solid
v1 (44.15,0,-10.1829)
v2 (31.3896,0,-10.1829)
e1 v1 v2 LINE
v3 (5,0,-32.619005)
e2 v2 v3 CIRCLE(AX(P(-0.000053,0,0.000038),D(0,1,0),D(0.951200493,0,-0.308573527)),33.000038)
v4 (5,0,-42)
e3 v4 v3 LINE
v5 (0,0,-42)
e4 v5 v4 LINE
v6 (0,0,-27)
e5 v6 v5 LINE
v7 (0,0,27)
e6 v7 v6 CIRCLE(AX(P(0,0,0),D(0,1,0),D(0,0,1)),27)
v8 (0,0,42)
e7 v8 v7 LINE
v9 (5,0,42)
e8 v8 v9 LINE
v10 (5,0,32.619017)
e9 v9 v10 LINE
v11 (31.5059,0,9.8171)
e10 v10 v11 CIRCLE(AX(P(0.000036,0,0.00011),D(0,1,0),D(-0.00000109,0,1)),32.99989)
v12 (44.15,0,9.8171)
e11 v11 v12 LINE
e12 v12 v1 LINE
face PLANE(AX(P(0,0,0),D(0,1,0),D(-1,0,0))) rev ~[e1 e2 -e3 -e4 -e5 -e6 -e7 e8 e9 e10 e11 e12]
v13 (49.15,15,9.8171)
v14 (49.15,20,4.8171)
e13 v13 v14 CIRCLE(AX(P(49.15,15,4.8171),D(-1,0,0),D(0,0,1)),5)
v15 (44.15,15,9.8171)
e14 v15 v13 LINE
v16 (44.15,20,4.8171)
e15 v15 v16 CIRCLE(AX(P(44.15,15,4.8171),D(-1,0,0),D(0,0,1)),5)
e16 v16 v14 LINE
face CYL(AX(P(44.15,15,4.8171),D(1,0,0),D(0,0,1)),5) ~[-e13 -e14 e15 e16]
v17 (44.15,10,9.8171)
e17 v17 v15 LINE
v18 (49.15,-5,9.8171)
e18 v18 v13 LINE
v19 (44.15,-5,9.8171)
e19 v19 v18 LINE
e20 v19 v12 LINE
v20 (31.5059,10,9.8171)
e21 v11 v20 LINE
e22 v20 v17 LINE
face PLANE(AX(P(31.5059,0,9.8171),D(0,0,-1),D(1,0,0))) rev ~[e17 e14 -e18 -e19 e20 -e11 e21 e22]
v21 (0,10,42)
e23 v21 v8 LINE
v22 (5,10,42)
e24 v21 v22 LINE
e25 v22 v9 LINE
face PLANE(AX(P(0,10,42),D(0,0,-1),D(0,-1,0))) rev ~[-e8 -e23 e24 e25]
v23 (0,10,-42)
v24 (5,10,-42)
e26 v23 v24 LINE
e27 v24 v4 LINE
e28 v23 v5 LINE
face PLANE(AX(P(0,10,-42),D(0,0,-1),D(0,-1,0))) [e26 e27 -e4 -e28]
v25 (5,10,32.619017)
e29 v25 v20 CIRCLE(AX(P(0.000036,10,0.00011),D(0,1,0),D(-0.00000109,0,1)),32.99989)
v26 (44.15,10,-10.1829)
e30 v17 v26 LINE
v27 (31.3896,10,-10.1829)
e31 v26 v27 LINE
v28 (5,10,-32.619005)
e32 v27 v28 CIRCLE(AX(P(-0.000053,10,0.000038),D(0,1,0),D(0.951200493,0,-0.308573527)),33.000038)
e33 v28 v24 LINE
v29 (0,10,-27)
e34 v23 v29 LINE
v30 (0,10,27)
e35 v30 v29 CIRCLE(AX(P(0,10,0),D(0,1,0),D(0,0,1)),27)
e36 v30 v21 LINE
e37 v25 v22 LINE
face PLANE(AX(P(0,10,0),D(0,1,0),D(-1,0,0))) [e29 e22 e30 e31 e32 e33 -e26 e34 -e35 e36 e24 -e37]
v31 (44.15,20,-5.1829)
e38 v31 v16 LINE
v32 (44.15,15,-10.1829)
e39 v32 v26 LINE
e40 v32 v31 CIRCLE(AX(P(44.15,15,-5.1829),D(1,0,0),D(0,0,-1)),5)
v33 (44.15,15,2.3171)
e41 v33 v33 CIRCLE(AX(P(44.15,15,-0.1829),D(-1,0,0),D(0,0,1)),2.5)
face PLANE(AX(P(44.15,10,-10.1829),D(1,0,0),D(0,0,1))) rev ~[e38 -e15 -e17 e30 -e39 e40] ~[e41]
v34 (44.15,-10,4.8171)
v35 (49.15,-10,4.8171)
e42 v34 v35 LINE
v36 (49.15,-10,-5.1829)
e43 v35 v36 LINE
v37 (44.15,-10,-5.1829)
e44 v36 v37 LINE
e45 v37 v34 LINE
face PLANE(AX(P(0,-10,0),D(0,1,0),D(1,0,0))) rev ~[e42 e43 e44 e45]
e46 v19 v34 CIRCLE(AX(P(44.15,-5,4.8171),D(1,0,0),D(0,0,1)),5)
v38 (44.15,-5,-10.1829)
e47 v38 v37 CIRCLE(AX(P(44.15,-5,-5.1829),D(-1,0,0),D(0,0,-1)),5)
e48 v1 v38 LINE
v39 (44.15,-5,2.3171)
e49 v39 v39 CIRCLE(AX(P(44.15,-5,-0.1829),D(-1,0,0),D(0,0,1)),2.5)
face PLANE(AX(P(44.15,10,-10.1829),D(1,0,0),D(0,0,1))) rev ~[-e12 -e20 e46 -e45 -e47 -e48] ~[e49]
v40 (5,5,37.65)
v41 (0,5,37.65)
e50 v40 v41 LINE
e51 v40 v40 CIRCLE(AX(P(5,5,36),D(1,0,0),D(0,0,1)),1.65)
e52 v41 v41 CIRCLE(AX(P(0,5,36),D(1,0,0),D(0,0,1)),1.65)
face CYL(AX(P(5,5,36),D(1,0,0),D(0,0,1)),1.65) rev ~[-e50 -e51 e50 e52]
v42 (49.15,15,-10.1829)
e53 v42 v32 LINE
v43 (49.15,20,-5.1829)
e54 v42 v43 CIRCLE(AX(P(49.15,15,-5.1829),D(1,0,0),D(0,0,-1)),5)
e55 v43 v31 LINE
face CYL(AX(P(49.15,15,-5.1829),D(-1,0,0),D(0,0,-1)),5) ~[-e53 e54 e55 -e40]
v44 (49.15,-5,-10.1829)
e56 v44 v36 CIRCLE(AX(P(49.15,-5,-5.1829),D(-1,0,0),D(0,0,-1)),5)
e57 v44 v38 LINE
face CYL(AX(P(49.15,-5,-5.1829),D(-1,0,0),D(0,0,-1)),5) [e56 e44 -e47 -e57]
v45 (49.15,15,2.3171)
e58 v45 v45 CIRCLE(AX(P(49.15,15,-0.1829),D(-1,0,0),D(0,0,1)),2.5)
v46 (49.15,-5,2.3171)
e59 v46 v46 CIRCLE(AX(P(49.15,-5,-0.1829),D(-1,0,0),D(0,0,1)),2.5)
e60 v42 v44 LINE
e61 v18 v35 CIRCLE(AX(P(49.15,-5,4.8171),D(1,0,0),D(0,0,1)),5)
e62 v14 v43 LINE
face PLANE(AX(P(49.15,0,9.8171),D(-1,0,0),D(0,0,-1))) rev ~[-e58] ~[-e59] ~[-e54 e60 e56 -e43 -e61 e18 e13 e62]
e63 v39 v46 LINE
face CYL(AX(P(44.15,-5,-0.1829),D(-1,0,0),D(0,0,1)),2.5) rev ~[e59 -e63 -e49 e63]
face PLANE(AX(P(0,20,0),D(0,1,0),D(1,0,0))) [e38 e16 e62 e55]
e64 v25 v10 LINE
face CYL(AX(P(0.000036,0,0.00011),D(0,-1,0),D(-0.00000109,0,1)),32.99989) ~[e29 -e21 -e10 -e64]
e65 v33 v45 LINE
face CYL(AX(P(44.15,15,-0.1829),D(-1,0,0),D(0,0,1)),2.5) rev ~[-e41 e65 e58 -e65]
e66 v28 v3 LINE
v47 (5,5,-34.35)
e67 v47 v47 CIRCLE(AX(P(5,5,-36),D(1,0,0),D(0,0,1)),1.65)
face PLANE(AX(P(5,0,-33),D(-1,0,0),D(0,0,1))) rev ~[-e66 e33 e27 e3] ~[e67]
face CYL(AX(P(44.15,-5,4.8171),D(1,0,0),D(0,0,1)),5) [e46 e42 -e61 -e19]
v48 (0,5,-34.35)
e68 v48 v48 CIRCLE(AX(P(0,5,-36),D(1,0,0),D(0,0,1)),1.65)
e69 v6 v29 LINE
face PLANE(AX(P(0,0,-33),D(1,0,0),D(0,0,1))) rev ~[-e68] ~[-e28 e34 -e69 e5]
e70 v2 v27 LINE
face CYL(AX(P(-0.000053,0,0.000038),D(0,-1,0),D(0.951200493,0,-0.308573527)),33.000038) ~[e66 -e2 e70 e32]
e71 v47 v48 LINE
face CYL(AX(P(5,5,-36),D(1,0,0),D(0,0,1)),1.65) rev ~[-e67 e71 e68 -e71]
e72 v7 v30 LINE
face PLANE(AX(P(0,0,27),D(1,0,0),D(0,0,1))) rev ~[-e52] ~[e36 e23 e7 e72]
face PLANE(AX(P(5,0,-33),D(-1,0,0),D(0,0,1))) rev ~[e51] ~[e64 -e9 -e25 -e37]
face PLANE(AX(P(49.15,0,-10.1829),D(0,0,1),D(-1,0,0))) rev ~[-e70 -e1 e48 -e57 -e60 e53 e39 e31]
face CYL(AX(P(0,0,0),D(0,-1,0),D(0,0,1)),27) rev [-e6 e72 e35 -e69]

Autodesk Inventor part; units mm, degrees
ref_plane "YZ Plane" through (0, 0, 0) normal (1, 0, 0) x (0, 1, 0)
ref_plane "XZ Plane" through (0, 0, 0) normal (0, 1, 0) x (-1, 0, 0)
ref_plane "XY Plane" through (0, 0, 0) normal (0, 0, 1) x (1, 0, 0)
sketch "Sketch1" plane through (0, 0, 0) normal (0, 1, 0) x (-1, 0, 0)
  arc A0 (0, 27) -> (0, -27) centre (0, 0) ccw
  line L0 (-49.15, 9.8171) -> (-49.15, -10.1829)
  line L1 (-49.15, -10.1829) -> (-31.3896, -10.1829)
  line L2 (-31.5059, 9.8171) -> (-49.15, 9.8171)
  arc A1 (0, 33) -> (-31.5059, 9.8171) centre (0, 0) ccw
  arc A2 (-31.3896, -10.1829) -> (0, -33) centre (0, 0) ccw
  line L3 (0, -33) -> (0, -27)
  line L4 (0, 27) -> (0, 33)
  point P0 (-41.2646, -10.1829)
  point P1 (-41.2646, 9.8171)
  point P2 (27.2866, 9.8171)
  point P3 (26.6483, -10.1829)
  dimension "d0" = 54
  dimension "d33" = 49.15
  dimension "d36" = 20
  dimension "d41" = 33
  dimension "d42" = 33
extrude "Extrusion1" add sketch "Sketch1" along normal blind 10
sketch "Sketch4" plane through (0, 10, 0) normal (0, 1, 0) x (1, 0, 0)
  line L0 (44.15, -9.8171) -> (49.15, -9.8171)
  line L1 (49.15, -9.8171) -> (49.15, 10.1829)
  line L2 (49.15, 10.1829) -> (44.15, 10.1829)
  line L3 (44.15, 10.1829) -> (44.15, -9.8171)
  line L4 (49.15, -9.8171) -> (49.15, 10.1829) projected
  line L5 (49.15, 10.1829) -> (31.3896, 10.1829) projected
  line L6 (31.5059, -9.8171) -> (49.15, -9.8171) projected
  point P0 (0, 0)
  dimension "d16" = 5
extrude "Extrusion3" add sketch "Sketch4" along normal blind 10 and the other way blind 20
sketch "Sketch5" plane through (44.15, 10, -10.1829) normal (-1, 0, 0) x (0, 0, 1)
  circle A0 centre (10, -15) radius 2.5
  circle A1 centre (10, 5) radius 2.5
  line L0 (20, -20) -> (0, -20) projected
  line L1 (0, 10) -> (20, 10) projected
  line L2 (0, 0) -> (0, 10) projected
  line L3 (0, -20) -> (0, -10) projected
  point P0 (10.1829, -10)
  dimension "d21" = 5
  dimension "d22" = 5
  dimension "d23" = 5
  dimension "d24" = 5
  dimension "d25" = 10
  dimension "d26" = 10
extrude "Extrusion4" cut sketch "Sketch5" against normal blind 10
fillet "Fillet2" radius 5 4 edges at (46.65, -10, 9.8171) (46.65, -10, -10.1829) (46.65, 20, 9.8171) (46.65, 20, -10.1829)
sketch "Sketch7" plane through (0, 0, -33) normal (-1, 0, 0) x (0, 0, 1)
  line L0 (6, 0) -> (6, 10) projected
  line L1 (6, 10) -> (-9, 10)
  line L2 (-9, 10) -> (-9, 0)
  line L3 (-9, 0) -> (6, 0)
  line L4 (6, 0) -> (6, 10)
  line L5 (6, 10) -> (60, 10) projected
  line L6 (60, 10) -> (75, 10)
  line L7 (75, 10) -> (75, 0)
  line L8 (75, 0) -> (60, 0)
  line L9 (60, 0) -> (60, 10)
  point P0 (33, 0)
  dimension "d43" = 15
extrude "Extrusion6" add sketch "Sketch7" against normal blind 5
sketch "Sketch8" plane through (5, 0, -33) normal (1, 0, 0) x (0, 0, 1)
  circle A0 centre (-3, -5) radius 1.65
  circle A1 centre (69, -5) radius 1.65
  line L0 (-9, 0) -> (-9, -10) projected
  line L1 (75, -10) -> (75, 0) projected
  line L2 (65.619, -10) -> (75, -10) projected
  line L3 (-9, -10) -> (0.381, -10) projected
  point P0 (33, 0)
  point P1 (-9, 10)
  point P2 (75, 10)
  point P3 (60, 10)
  point P4 (6, 10)
  dimension "d46" = 6
  dimension "d47" = 6
  dimension "d50" = 3.3
  dimension "d53" = 5
  dimension "d54" = 5
extrude "Extrusion7" cut sketch "Sketch8" against normal blind 5
equation "\"BendRadius\" = Thickness"
equation "\"BendReliefWidth\" = Thickness"
equation "\"BendReliefDepth\" = 0.5 * Thickness"
equation "\"CornerReliefSize\" = 4 * Thickness"
equation "\"MinimumRemnant\" = 2 * Thickness"
equation "\"TransitionRadius\" = BendRadius"
equation "\"JacobiRadiusSize\" = BendRadius"
equation "\"GapSize\" = Thickness"
equation "\"Thickness\" = 0.5"
properties part number "22010_Tube End Support_V1" material "ABS Plastic"
